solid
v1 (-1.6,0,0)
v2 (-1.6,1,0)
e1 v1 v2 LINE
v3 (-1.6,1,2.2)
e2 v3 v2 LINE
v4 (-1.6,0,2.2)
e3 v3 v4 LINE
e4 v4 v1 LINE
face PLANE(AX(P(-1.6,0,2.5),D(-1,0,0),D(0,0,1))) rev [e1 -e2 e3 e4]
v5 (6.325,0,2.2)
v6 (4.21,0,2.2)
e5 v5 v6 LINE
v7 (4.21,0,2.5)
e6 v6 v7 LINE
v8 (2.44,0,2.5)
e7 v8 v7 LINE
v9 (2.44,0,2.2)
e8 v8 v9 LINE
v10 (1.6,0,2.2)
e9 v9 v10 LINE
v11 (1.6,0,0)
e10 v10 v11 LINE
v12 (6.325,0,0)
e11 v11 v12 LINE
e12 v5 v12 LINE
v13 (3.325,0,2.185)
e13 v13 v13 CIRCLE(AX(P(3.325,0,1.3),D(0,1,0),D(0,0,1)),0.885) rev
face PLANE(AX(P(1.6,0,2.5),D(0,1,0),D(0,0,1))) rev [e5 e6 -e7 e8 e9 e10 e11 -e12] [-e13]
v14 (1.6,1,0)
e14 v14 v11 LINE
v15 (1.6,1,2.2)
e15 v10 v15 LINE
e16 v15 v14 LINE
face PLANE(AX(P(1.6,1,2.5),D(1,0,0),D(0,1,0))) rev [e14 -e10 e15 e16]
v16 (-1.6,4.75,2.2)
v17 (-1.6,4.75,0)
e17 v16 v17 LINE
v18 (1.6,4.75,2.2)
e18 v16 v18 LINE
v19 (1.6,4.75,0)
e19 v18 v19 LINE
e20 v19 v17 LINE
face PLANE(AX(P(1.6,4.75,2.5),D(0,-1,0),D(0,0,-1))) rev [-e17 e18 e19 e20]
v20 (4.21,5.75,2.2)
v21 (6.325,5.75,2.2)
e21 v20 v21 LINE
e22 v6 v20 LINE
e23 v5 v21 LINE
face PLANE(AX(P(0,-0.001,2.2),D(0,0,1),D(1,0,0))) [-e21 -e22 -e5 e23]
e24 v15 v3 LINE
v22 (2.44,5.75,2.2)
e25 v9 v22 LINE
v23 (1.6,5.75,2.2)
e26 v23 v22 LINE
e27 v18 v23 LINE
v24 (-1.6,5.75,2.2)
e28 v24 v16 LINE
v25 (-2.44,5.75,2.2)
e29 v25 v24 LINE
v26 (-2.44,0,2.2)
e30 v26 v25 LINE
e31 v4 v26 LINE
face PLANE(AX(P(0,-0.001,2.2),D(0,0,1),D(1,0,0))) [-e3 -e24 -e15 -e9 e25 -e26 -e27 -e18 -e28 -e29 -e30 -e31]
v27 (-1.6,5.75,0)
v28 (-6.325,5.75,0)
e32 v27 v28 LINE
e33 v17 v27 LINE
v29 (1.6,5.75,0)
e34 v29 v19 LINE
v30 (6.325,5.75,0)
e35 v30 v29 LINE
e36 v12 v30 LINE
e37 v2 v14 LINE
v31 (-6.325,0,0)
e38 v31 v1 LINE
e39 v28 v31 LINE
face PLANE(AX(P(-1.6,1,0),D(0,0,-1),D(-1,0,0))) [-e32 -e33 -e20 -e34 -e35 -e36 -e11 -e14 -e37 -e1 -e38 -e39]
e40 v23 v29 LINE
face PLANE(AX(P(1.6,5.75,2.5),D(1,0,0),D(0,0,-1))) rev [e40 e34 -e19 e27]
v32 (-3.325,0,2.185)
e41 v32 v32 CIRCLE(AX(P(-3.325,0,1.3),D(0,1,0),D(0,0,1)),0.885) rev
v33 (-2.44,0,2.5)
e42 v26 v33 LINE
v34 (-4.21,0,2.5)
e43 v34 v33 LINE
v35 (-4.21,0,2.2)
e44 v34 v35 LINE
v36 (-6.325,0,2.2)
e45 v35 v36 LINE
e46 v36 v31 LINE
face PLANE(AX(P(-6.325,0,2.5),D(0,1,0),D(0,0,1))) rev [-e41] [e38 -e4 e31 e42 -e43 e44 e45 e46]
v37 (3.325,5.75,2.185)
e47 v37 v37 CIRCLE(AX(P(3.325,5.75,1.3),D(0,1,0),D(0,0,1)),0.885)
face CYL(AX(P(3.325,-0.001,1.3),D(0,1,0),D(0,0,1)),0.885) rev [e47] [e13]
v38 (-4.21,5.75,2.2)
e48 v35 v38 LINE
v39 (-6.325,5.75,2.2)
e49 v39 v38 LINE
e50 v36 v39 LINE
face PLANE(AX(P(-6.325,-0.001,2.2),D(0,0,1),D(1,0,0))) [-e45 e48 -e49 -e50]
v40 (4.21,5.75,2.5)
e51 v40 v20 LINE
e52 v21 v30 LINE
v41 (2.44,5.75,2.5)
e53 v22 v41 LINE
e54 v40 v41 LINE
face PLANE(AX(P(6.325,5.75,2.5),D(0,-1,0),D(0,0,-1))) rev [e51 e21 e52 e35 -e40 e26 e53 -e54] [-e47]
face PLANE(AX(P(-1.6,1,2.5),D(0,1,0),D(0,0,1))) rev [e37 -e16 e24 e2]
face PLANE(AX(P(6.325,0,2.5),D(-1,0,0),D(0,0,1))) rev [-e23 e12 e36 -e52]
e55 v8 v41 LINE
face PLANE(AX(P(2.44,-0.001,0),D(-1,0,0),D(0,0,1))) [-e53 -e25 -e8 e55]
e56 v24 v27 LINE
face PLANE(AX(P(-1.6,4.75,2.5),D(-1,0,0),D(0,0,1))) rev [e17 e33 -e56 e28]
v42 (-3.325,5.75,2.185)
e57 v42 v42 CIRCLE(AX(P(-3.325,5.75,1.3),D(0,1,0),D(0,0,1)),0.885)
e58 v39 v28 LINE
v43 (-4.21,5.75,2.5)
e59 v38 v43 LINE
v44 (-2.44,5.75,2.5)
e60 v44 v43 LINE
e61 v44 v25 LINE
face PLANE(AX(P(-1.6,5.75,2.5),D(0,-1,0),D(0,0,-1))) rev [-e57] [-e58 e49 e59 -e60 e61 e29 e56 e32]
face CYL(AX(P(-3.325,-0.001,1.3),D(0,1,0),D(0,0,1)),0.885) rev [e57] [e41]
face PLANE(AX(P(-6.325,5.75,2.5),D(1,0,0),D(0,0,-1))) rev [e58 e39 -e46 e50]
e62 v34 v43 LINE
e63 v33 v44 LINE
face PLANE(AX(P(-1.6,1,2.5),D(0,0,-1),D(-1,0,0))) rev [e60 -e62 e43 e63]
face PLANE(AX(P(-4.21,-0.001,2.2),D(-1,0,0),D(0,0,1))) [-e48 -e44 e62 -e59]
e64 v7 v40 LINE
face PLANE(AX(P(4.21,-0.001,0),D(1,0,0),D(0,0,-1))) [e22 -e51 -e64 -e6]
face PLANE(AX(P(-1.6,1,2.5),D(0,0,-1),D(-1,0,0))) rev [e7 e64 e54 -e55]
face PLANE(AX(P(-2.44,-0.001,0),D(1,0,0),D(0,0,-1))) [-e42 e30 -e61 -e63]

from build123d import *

# Parameters (mm, degrees)
EXTRUDE1_DEPTH     = 2.5
CUT_EXTRUDE1_REACH = 7.75
SKETCH2_R          = 0.885
SKETCH2_W          = 4.04
SKETCH2_H          = 0.3
SKETCH2_W_2        = 0.84
SKETCH2_W_3        = 2.115


with BuildPart() as part:
    # Sketch1 → Extrude1 (new body)
    with BuildSketch(Plane.XY):
        Polygon((-1.6, 1), (1.6, 1), (1.6, 0), (6.325, 0), (6.325, 5.75), (1.6, 5.75), (1.6, 4.75), (-1.6, 4.75), (-1.6, 5.75), (-6.325, 5.75), (-6.325, 0), (-1.6, 0), align=None)
    extrude(amount=EXTRUDE1_DEPTH)

    # Sketch2 → Cut-Extrude1 (cut, up to next)
    with BuildSketch(Plane(origin=(0, 5.75, 0), x_dir=(-1, 0, 0), z_dir=(0, 1, 0)), mode=Mode.PRIVATE) as cut_extrude1_sk1:
        with Locations((3.325, 1.3)):
            Circle(SKETCH2_R)
    cut_extrude1_tool1 = extrude(cut_extrude1_sk1.sketch, amount=-CUT_EXTRUDE1_REACH, mode=Mode.PRIVATE) & part.part
    add(cut_extrude1_tool1.solids().sort_by_distance((-3.325, 5.75, 1.3))[0], mode=Mode.SUBTRACT)
    # Sketch2 → Cut-Extrude1 (cut, up to next)
    with BuildSketch(Plane(origin=(0, 5.75, 0), x_dir=(-1, 0, 0), z_dir=(0, 1, 0)), mode=Mode.PRIVATE) as cut_extrude1_sk2:
        with Locations((-3.325, 1.3)):
            Circle(SKETCH2_R)
    cut_extrude1_tool2 = extrude(cut_extrude1_sk2.sketch, amount=-CUT_EXTRUDE1_REACH, mode=Mode.PRIVATE) & part.part
    add(cut_extrude1_tool2.solids().sort_by_distance((3.325, 5.75, 1.3))[0], mode=Mode.SUBTRACT)
    # Sketch2 → Cut-Extrude1 (cut, up to next)
    with BuildSketch(Plane(origin=(0, 5.75, 0), x_dir=(-1, 0, 0), z_dir=(0, 1, 0)), mode=Mode.PRIVATE) as cut_extrude1_sk3:
        with Locations((-0.42, 2.35)):
            Rectangle(SKETCH2_W, SKETCH2_H)
    cut_extrude1_tool3 = extrude(cut_extrude1_sk3.sketch, amount=-CUT_EXTRUDE1_REACH, mode=Mode.PRIVATE) & part.part
    add(cut_extrude1_tool3.solids().sort_by_distance((0.42, 5.75, 2.35))[0], mode=Mode.SUBTRACT)
    # Sketch2 → Cut-Extrude1 (cut, up to next)
    with BuildSketch(Plane(origin=(0, 5.75, 0), x_dir=(-1, 0, 0), z_dir=(0, 1, 0)), mode=Mode.PRIVATE) as cut_extrude1_sk4:
        with Locations((2.02, 2.35)):
            Rectangle(SKETCH2_W_2, SKETCH2_H)
    cut_extrude1_tool4 = extrude(cut_extrude1_sk4.sketch, amount=-CUT_EXTRUDE1_REACH, mode=Mode.PRIVATE) & part.part
    add(cut_extrude1_tool4.solids().sort_by_distance((-2.02, 5.75, 2.35))[0], mode=Mode.SUBTRACT)
    # Sketch2 → Cut-Extrude1 (cut, up to next)
    with BuildSketch(Plane(origin=(0, 5.75, 0), x_dir=(-1, 0, 0), z_dir=(0, 1, 0)), mode=Mode.PRIVATE) as cut_extrude1_sk5:
        with Locations((-5.2675, 2.35)):
            Rectangle(SKETCH2_W_3, SKETCH2_H)
    cut_extrude1_tool5 = extrude(cut_extrude1_sk5.sketch, amount=-CUT_EXTRUDE1_REACH, mode=Mode.PRIVATE) & part.part
    add(cut_extrude1_tool5.solids().sort_by_distance((5.2675, 5.75, 2.35))[0], mode=Mode.SUBTRACT)
    # Sketch2 → Cut-Extrude1 (cut, up to next)
    with BuildSketch(Plane(origin=(0, 5.75, 0), x_dir=(-1, 0, 0), z_dir=(0, 1, 0)), mode=Mode.PRIVATE) as cut_extrude1_sk6:
        with Locations((5.2675, 2.35)):
            Rectangle(SKETCH2_W_3, SKETCH2_H)
    cut_extrude1_tool6 = extrude(cut_extrude1_sk6.sketch, amount=-CUT_EXTRUDE1_REACH, mode=Mode.PRIVATE) & part.part
    add(cut_extrude1_tool6.solids().sort_by_distance((-5.2675, 5.75, 2.35))[0], mode=Mode.SUBTRACT)


solid = part.part
